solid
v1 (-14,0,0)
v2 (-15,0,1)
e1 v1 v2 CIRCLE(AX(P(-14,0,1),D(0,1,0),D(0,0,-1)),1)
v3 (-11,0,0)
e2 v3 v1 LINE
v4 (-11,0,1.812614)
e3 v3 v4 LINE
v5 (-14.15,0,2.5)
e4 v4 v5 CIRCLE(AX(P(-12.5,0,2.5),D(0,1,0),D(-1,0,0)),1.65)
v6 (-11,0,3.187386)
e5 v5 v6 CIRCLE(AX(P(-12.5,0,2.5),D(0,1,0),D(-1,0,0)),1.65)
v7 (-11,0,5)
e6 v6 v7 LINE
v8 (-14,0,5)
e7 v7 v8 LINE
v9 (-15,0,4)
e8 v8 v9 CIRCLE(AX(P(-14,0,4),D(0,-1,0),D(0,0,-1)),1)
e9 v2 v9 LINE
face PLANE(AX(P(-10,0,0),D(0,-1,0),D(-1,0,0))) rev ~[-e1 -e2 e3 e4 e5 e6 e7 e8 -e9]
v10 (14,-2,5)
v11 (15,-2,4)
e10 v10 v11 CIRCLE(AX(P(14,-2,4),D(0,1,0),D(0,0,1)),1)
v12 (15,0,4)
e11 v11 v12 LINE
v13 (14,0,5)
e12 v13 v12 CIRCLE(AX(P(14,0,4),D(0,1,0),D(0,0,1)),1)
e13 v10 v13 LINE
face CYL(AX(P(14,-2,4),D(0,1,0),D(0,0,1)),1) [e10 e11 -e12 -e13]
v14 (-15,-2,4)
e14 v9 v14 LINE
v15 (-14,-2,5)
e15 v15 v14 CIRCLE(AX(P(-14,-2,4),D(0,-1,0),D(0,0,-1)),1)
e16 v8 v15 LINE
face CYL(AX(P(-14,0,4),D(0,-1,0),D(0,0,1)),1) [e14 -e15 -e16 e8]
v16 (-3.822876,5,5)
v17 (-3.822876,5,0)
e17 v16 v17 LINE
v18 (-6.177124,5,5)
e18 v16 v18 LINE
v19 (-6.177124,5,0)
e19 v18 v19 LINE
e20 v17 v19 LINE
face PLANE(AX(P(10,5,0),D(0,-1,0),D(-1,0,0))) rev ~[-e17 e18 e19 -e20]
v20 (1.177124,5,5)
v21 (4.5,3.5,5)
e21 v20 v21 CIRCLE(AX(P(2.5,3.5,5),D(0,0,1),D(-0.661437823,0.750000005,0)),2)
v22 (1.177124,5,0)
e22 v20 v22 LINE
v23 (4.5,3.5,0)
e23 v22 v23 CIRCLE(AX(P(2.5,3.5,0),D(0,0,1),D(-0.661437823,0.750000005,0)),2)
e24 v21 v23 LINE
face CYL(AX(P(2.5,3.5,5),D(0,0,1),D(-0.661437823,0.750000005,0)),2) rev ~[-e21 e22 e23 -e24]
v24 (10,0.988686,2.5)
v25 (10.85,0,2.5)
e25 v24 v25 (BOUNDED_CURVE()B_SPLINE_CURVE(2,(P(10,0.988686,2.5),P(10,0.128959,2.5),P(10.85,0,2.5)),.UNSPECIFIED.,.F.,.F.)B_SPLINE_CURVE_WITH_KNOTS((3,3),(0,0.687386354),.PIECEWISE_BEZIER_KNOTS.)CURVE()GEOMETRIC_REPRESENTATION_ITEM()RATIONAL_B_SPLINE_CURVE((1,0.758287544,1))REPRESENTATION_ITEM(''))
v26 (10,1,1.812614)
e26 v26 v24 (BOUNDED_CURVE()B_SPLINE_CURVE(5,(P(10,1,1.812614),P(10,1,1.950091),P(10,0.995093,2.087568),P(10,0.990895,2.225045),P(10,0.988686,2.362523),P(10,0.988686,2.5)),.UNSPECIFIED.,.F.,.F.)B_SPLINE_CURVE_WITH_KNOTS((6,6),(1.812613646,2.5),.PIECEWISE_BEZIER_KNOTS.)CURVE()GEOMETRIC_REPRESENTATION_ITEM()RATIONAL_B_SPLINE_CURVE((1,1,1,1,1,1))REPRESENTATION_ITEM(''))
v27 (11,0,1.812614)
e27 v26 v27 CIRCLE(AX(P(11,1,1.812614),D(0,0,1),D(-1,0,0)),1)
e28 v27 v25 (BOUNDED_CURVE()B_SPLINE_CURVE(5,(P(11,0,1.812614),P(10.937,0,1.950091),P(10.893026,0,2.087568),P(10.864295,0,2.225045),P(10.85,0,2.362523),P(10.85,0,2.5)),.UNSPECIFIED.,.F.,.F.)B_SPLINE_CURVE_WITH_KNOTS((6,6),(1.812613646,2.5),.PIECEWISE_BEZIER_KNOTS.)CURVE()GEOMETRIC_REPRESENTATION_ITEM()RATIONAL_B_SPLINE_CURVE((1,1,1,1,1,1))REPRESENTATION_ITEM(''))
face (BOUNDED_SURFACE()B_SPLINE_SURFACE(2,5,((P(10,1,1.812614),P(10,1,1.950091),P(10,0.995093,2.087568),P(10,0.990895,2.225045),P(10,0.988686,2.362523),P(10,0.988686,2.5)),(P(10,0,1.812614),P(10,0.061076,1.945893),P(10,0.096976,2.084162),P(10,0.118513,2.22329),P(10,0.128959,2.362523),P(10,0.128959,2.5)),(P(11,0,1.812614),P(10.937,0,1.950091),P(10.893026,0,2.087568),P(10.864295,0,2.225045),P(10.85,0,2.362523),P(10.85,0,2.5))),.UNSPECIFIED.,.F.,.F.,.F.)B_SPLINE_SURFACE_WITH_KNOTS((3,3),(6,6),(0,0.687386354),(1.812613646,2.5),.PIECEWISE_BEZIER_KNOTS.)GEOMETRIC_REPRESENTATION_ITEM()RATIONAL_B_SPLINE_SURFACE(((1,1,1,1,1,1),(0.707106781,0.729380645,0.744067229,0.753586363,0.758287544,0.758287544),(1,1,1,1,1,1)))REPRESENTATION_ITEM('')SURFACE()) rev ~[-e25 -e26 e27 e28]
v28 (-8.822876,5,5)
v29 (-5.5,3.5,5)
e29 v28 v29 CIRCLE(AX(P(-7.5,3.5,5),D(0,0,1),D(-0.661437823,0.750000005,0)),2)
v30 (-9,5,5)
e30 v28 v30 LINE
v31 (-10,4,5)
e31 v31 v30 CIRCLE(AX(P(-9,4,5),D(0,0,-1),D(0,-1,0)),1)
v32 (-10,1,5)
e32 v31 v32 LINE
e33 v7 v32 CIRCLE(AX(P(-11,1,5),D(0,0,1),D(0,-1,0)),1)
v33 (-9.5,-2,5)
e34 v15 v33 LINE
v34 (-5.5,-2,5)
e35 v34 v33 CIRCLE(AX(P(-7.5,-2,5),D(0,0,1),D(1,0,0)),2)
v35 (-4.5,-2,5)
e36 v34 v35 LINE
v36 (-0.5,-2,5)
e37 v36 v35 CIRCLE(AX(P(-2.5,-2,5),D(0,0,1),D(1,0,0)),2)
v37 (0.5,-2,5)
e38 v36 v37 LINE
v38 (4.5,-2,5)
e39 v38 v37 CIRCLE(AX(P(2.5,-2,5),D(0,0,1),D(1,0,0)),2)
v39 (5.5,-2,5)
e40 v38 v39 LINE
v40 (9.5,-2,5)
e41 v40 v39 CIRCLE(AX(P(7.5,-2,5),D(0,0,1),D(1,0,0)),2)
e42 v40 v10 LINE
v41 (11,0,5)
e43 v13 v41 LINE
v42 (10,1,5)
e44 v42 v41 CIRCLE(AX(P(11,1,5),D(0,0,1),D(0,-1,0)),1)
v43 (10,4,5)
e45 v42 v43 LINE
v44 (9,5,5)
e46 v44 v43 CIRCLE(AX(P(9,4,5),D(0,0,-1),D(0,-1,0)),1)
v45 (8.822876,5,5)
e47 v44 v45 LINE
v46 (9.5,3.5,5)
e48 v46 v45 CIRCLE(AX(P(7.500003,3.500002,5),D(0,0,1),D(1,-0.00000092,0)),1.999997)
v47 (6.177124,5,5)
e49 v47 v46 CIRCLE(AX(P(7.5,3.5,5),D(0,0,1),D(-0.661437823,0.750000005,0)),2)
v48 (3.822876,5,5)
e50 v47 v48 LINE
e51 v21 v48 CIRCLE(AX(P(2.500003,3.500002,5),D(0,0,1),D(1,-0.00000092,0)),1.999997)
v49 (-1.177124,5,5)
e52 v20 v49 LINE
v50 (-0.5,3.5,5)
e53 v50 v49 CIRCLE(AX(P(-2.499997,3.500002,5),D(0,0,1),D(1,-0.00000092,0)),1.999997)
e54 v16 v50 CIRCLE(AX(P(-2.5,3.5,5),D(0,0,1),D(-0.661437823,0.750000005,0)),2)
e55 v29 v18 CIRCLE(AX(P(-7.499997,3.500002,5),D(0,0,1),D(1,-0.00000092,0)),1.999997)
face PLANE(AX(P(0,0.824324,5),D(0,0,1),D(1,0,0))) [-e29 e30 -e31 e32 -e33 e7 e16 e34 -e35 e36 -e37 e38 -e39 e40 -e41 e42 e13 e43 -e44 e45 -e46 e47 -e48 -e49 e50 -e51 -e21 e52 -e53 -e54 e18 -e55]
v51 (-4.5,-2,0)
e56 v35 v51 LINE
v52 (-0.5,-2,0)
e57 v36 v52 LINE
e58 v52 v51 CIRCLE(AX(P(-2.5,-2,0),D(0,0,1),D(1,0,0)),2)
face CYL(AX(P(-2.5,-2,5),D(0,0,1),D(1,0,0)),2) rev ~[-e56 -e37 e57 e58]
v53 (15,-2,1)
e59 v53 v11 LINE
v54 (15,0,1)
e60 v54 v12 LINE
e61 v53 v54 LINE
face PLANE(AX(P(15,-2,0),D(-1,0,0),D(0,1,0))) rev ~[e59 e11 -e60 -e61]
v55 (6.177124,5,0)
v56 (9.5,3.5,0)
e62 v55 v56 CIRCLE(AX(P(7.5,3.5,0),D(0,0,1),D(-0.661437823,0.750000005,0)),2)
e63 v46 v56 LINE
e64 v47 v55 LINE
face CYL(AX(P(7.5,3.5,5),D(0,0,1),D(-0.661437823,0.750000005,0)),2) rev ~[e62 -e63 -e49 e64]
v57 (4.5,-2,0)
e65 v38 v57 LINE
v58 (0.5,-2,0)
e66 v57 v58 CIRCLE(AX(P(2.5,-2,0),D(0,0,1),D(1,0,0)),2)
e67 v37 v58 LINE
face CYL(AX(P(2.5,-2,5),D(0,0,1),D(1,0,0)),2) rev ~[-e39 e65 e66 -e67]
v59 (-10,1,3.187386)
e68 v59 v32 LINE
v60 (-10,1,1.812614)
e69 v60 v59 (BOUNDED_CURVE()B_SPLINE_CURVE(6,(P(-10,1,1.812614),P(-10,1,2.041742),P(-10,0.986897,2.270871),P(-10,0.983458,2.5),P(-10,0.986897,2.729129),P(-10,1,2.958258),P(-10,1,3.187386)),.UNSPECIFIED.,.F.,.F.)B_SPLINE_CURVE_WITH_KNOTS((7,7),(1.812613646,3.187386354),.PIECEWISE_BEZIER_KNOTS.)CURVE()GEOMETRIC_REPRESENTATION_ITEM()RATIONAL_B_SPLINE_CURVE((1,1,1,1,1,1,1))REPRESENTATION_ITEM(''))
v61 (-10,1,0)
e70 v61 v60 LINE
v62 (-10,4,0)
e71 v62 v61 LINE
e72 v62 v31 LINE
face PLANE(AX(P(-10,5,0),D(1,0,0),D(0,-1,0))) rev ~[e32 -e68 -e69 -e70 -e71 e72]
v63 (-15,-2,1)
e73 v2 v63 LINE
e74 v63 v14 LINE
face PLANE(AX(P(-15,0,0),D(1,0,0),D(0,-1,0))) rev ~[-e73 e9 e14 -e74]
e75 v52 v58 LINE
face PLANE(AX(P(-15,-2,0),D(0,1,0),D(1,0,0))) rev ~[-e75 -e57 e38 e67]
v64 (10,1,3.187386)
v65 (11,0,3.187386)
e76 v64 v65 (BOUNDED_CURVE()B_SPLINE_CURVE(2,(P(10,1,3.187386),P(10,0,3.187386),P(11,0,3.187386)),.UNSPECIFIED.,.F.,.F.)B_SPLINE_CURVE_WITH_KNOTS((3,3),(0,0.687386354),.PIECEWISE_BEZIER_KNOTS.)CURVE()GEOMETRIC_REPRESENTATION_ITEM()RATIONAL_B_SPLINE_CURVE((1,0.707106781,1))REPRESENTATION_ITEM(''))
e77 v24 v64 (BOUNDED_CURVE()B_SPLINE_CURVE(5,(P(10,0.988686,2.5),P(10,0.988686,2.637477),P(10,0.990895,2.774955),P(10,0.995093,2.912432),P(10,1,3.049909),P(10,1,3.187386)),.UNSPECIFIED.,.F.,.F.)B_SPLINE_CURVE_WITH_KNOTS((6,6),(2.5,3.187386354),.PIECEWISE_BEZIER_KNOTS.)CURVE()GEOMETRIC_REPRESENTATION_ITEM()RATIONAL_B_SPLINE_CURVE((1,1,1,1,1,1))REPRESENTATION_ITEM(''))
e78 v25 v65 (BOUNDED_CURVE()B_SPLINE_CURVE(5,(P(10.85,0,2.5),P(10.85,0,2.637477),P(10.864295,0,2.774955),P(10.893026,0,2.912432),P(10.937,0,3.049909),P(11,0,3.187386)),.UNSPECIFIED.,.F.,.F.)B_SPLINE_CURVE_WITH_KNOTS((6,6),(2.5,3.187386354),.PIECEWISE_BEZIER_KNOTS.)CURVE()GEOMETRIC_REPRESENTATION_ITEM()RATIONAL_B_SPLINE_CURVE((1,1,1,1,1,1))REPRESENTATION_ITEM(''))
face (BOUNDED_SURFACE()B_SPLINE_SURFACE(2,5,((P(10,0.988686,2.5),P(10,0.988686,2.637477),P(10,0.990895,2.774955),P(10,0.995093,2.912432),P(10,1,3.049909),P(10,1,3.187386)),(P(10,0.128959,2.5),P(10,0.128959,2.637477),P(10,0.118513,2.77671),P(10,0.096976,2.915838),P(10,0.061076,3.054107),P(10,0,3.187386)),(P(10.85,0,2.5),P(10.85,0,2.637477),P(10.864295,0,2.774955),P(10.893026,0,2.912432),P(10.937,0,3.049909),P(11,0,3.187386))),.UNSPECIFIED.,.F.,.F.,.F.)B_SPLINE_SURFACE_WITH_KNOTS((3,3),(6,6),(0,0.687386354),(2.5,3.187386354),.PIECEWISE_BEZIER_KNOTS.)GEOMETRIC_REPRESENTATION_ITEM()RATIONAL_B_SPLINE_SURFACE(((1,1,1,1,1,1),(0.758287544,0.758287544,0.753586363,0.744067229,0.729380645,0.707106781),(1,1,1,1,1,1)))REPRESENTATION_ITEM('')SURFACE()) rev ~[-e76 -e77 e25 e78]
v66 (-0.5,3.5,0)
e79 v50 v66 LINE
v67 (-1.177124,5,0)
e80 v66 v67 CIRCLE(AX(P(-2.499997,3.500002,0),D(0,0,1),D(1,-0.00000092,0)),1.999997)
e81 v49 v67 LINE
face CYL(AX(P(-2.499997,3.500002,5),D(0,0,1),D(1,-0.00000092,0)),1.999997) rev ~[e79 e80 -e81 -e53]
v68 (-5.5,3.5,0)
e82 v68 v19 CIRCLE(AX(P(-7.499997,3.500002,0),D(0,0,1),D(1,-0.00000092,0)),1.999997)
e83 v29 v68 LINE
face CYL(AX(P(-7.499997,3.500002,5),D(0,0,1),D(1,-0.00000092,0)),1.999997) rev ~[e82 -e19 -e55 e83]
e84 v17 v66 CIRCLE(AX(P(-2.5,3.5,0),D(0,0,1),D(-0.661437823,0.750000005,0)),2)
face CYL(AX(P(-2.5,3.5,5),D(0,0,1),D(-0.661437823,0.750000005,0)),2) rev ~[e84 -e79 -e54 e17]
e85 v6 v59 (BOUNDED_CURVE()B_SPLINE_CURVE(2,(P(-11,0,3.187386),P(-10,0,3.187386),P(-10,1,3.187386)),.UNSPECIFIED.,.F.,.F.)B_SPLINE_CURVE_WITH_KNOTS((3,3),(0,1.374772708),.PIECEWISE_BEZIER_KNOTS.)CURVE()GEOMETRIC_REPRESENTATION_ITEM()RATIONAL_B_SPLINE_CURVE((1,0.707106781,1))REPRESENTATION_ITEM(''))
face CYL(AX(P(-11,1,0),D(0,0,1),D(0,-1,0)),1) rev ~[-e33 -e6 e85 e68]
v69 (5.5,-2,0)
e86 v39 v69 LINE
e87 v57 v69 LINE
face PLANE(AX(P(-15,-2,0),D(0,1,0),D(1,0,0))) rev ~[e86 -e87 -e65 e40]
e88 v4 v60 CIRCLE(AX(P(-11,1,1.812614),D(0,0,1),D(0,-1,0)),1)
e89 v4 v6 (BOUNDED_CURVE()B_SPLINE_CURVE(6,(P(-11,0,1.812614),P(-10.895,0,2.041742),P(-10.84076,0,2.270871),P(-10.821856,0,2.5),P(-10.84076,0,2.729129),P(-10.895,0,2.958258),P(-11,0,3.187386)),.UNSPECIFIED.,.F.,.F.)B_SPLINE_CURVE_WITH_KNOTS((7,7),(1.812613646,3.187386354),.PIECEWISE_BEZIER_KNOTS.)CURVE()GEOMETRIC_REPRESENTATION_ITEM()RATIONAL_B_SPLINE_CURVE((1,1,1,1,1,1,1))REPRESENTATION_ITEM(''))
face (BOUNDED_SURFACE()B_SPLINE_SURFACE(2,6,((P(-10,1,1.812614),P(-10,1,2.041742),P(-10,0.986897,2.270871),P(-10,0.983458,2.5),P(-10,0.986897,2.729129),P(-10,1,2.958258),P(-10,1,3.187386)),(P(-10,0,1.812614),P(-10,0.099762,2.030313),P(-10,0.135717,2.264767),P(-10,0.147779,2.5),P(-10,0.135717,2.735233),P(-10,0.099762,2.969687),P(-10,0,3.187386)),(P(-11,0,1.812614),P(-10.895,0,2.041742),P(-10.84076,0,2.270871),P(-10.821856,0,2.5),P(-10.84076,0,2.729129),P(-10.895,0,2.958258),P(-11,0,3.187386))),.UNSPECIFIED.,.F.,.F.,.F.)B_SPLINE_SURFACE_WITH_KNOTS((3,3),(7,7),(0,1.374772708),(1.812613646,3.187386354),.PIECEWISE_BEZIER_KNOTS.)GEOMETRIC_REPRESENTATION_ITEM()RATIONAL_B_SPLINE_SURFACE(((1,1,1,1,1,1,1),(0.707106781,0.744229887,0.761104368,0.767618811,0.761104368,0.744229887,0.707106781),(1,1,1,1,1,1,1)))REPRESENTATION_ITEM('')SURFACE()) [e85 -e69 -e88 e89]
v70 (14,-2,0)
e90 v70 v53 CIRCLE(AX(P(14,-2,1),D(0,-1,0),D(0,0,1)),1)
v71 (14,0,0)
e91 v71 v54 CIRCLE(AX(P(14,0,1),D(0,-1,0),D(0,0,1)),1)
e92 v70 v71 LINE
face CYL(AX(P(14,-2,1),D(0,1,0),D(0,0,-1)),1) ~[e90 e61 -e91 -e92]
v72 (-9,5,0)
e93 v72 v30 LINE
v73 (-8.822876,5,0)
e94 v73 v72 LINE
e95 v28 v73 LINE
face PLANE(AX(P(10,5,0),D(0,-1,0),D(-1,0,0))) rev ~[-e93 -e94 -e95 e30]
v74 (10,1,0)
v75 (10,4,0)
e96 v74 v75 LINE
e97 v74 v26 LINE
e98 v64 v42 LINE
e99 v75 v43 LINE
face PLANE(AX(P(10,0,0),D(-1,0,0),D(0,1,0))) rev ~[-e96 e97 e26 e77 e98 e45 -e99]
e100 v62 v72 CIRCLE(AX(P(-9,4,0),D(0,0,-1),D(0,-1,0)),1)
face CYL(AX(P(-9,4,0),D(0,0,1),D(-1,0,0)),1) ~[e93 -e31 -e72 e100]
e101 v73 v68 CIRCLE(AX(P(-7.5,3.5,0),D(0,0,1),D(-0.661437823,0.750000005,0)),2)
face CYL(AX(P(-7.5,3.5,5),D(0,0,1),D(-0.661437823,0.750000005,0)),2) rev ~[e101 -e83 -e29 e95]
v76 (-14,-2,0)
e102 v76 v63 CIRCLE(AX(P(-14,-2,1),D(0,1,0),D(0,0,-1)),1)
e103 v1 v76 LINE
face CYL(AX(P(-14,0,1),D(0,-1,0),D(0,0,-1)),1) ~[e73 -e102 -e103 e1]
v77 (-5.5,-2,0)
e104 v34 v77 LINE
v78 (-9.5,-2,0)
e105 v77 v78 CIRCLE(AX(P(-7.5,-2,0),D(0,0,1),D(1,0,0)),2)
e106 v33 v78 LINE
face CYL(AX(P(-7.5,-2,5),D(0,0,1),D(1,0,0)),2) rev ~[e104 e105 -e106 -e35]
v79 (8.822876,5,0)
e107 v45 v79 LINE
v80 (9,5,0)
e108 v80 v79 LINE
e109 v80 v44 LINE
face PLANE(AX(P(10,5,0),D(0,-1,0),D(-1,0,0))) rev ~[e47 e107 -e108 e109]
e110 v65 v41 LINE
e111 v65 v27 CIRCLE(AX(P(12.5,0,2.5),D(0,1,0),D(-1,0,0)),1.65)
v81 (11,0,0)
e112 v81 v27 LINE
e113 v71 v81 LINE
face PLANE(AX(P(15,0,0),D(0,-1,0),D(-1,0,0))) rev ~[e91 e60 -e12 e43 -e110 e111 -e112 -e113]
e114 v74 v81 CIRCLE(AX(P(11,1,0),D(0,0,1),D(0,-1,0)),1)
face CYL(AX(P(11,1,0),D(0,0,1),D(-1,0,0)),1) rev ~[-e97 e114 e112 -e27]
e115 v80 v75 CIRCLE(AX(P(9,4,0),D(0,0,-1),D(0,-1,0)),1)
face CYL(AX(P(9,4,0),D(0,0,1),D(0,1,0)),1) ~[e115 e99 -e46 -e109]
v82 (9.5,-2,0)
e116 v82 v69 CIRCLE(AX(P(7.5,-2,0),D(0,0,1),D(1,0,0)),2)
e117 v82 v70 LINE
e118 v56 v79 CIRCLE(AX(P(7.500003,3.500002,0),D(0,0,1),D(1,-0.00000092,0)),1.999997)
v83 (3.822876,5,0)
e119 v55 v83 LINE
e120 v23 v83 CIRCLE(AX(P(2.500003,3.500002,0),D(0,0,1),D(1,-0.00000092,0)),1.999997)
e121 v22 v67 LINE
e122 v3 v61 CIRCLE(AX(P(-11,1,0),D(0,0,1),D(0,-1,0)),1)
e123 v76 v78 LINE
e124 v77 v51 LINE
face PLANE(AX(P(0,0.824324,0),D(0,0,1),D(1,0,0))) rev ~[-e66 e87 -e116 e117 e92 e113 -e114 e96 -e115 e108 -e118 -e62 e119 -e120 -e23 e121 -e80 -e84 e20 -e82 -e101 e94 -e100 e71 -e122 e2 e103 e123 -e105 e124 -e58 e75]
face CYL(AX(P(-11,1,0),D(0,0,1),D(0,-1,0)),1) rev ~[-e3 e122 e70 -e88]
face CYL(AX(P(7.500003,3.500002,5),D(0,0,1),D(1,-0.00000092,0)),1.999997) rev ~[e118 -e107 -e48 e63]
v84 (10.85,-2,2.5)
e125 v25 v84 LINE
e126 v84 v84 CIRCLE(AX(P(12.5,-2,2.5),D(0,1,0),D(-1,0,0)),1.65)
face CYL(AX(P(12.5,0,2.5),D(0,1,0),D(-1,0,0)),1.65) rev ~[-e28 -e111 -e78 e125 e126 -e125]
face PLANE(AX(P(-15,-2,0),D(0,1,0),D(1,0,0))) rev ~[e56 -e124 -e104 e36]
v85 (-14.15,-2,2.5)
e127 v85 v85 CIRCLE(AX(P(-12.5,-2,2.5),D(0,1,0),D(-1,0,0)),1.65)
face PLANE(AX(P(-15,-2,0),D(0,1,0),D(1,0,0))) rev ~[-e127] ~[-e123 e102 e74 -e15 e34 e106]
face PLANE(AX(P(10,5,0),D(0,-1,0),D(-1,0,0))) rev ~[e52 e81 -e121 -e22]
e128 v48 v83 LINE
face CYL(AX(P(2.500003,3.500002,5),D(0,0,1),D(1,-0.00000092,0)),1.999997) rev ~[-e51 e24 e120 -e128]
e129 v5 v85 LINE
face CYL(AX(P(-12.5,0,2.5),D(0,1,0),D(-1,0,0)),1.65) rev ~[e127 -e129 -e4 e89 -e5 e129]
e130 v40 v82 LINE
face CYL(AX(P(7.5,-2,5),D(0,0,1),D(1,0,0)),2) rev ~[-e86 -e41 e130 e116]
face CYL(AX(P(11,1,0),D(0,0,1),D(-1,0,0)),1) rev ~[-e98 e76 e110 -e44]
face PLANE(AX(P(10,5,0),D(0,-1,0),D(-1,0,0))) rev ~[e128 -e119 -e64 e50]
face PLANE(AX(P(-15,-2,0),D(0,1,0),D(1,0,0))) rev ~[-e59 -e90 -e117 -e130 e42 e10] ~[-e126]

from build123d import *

# Parameters (mm, degrees)
F1_DEPTH = 5
F2_R     = 1.65
F3_DEPTH = 2.001
F5_DEPTH = 5
F6_R     = 1


with BuildPart() as f1:
    # F0 (on Top) → F1 (new body)
    with BuildSketch(Plane.XY):
        Polygon((10, 5), (-10, 5), (-10, 0), (-15, 0), (-15, -2), (-10, -2), (10, -2), (15, -2), (15, 0), (10, 0), align=None)
    extrude(amount=F1_DEPTH)

    # F2 (on face) → F3 (cut, through all)
    with BuildSketch(Plane(origin=(0, 0, 0), x_dir=(-1, 0, 0), z_dir=(0, 1, 0))):
        with Locations((-12.5, 2.5)):
            Circle(F2_R)
        with Locations((12.5, 2.5)):
            Circle(F2_R)
    extrude(amount=-F3_DEPTH, mode=Mode.SUBTRACT)

    # F4 (on face) → F5 (cut, through all)
    with BuildSketch(Plane.XY.offset(5)):
        with BuildLine():
            Line((-9.5, -2), (-5.5, -2))
            ThreePointArc((-5.5, -2), (-7.5, 0), (-9.5, -2))
        make_face()
        with BuildLine():
            ThreePointArc((-0.5, -2), (-2.5, 0), (-4.5, -2))
            Line((-4.5, -2), (-0.5, -2))
        make_face()
        with BuildLine():
            ThreePointArc((4.5, -2), (2.5, 0), (0.5, -2))
            Line((0.5, -2), (4.5, -2))
        make_face()
        with BuildLine():
            ThreePointArc((9.5, -2), (7.5, 0), (5.5, -2))
            Line((5.5, -2), (9.5, -2))
        make_face()
        with BuildLine():
            ThreePointArc((-6.177124, 5), (-7.5, 5.5), (-8.822876, 5))
            Line((-8.822876, 5), (-6.177124, 5))
        make_face()
        with BuildLine():
            ThreePointArc((-1.177124, 5), (-2.5, 5.5), (-3.822876, 5))
            Line((-3.822876, 5), (-1.177124, 5))
        make_face()
        with BuildLine():
            Line((3.822876, 5), (1.177124, 5))
            ThreePointArc((1.177124, 5), (1.677124, 1.677124), (4.5, 3.5))
            ThreePointArc((4.5, 3.5), (4.322876, 4.322876), (3.822876, 5))
        make_face()
        with BuildLine():
            ThreePointArc((9.5, 3.5), (9.322876, 4.322876), (8.822876, 5))
            Line((8.822876, 5), (6.177124, 5))
            ThreePointArc((6.177124, 5), (6.677124, 1.677124), (9.5, 3.5))
        make_face()
        with BuildLine():
            Line((-6.177124, 5), (-8.822876, 5))
            ThreePointArc((-8.822876, 5), (-8.322876, 1.677124), (-5.5, 3.5))
            ThreePointArc((-5.5, 3.5), (-5.677124, 4.322876), (-6.177124, 5))
        make_face()
        with BuildLine():
            Line((-1.177124, 5), (-3.822876, 5))
            ThreePointArc((-3.822876, 5), (-3.322876, 1.677124), (-0.5, 3.5))
            ThreePointArc((-0.5, 3.5), (-0.677124, 4.322876), (-1.177124, 5))
        make_face()
        with BuildLine():
            ThreePointArc((3.822876, 5), (2.5, 5.5), (1.177124, 5))
            Line((1.177124, 5), (3.822876, 5))
        make_face()
        with BuildLine():
            Line((6.177124, 5), (8.822876, 5))
            ThreePointArc((8.822876, 5), (7.5, 5.5), (6.177124, 5))
        make_face()
    extrude(amount=-F5_DEPTH, mode=Mode.SUBTRACT)

    # F6
    f6_edges = [f1.edges().sort_by_distance(p)[0] for p in [
        (-10, 0, 2.5),
        (10, 0, 2.5),
        (10, 5, 2.5),
        (-10, 5, 2.5),
        (15, -1, 5),
        (15, -1, 0),
        (-15, -1, 0),
        (-15, -1, 5),
    ]]
    fillet(f6_edges, radius=F6_R)


solid = f1.part
